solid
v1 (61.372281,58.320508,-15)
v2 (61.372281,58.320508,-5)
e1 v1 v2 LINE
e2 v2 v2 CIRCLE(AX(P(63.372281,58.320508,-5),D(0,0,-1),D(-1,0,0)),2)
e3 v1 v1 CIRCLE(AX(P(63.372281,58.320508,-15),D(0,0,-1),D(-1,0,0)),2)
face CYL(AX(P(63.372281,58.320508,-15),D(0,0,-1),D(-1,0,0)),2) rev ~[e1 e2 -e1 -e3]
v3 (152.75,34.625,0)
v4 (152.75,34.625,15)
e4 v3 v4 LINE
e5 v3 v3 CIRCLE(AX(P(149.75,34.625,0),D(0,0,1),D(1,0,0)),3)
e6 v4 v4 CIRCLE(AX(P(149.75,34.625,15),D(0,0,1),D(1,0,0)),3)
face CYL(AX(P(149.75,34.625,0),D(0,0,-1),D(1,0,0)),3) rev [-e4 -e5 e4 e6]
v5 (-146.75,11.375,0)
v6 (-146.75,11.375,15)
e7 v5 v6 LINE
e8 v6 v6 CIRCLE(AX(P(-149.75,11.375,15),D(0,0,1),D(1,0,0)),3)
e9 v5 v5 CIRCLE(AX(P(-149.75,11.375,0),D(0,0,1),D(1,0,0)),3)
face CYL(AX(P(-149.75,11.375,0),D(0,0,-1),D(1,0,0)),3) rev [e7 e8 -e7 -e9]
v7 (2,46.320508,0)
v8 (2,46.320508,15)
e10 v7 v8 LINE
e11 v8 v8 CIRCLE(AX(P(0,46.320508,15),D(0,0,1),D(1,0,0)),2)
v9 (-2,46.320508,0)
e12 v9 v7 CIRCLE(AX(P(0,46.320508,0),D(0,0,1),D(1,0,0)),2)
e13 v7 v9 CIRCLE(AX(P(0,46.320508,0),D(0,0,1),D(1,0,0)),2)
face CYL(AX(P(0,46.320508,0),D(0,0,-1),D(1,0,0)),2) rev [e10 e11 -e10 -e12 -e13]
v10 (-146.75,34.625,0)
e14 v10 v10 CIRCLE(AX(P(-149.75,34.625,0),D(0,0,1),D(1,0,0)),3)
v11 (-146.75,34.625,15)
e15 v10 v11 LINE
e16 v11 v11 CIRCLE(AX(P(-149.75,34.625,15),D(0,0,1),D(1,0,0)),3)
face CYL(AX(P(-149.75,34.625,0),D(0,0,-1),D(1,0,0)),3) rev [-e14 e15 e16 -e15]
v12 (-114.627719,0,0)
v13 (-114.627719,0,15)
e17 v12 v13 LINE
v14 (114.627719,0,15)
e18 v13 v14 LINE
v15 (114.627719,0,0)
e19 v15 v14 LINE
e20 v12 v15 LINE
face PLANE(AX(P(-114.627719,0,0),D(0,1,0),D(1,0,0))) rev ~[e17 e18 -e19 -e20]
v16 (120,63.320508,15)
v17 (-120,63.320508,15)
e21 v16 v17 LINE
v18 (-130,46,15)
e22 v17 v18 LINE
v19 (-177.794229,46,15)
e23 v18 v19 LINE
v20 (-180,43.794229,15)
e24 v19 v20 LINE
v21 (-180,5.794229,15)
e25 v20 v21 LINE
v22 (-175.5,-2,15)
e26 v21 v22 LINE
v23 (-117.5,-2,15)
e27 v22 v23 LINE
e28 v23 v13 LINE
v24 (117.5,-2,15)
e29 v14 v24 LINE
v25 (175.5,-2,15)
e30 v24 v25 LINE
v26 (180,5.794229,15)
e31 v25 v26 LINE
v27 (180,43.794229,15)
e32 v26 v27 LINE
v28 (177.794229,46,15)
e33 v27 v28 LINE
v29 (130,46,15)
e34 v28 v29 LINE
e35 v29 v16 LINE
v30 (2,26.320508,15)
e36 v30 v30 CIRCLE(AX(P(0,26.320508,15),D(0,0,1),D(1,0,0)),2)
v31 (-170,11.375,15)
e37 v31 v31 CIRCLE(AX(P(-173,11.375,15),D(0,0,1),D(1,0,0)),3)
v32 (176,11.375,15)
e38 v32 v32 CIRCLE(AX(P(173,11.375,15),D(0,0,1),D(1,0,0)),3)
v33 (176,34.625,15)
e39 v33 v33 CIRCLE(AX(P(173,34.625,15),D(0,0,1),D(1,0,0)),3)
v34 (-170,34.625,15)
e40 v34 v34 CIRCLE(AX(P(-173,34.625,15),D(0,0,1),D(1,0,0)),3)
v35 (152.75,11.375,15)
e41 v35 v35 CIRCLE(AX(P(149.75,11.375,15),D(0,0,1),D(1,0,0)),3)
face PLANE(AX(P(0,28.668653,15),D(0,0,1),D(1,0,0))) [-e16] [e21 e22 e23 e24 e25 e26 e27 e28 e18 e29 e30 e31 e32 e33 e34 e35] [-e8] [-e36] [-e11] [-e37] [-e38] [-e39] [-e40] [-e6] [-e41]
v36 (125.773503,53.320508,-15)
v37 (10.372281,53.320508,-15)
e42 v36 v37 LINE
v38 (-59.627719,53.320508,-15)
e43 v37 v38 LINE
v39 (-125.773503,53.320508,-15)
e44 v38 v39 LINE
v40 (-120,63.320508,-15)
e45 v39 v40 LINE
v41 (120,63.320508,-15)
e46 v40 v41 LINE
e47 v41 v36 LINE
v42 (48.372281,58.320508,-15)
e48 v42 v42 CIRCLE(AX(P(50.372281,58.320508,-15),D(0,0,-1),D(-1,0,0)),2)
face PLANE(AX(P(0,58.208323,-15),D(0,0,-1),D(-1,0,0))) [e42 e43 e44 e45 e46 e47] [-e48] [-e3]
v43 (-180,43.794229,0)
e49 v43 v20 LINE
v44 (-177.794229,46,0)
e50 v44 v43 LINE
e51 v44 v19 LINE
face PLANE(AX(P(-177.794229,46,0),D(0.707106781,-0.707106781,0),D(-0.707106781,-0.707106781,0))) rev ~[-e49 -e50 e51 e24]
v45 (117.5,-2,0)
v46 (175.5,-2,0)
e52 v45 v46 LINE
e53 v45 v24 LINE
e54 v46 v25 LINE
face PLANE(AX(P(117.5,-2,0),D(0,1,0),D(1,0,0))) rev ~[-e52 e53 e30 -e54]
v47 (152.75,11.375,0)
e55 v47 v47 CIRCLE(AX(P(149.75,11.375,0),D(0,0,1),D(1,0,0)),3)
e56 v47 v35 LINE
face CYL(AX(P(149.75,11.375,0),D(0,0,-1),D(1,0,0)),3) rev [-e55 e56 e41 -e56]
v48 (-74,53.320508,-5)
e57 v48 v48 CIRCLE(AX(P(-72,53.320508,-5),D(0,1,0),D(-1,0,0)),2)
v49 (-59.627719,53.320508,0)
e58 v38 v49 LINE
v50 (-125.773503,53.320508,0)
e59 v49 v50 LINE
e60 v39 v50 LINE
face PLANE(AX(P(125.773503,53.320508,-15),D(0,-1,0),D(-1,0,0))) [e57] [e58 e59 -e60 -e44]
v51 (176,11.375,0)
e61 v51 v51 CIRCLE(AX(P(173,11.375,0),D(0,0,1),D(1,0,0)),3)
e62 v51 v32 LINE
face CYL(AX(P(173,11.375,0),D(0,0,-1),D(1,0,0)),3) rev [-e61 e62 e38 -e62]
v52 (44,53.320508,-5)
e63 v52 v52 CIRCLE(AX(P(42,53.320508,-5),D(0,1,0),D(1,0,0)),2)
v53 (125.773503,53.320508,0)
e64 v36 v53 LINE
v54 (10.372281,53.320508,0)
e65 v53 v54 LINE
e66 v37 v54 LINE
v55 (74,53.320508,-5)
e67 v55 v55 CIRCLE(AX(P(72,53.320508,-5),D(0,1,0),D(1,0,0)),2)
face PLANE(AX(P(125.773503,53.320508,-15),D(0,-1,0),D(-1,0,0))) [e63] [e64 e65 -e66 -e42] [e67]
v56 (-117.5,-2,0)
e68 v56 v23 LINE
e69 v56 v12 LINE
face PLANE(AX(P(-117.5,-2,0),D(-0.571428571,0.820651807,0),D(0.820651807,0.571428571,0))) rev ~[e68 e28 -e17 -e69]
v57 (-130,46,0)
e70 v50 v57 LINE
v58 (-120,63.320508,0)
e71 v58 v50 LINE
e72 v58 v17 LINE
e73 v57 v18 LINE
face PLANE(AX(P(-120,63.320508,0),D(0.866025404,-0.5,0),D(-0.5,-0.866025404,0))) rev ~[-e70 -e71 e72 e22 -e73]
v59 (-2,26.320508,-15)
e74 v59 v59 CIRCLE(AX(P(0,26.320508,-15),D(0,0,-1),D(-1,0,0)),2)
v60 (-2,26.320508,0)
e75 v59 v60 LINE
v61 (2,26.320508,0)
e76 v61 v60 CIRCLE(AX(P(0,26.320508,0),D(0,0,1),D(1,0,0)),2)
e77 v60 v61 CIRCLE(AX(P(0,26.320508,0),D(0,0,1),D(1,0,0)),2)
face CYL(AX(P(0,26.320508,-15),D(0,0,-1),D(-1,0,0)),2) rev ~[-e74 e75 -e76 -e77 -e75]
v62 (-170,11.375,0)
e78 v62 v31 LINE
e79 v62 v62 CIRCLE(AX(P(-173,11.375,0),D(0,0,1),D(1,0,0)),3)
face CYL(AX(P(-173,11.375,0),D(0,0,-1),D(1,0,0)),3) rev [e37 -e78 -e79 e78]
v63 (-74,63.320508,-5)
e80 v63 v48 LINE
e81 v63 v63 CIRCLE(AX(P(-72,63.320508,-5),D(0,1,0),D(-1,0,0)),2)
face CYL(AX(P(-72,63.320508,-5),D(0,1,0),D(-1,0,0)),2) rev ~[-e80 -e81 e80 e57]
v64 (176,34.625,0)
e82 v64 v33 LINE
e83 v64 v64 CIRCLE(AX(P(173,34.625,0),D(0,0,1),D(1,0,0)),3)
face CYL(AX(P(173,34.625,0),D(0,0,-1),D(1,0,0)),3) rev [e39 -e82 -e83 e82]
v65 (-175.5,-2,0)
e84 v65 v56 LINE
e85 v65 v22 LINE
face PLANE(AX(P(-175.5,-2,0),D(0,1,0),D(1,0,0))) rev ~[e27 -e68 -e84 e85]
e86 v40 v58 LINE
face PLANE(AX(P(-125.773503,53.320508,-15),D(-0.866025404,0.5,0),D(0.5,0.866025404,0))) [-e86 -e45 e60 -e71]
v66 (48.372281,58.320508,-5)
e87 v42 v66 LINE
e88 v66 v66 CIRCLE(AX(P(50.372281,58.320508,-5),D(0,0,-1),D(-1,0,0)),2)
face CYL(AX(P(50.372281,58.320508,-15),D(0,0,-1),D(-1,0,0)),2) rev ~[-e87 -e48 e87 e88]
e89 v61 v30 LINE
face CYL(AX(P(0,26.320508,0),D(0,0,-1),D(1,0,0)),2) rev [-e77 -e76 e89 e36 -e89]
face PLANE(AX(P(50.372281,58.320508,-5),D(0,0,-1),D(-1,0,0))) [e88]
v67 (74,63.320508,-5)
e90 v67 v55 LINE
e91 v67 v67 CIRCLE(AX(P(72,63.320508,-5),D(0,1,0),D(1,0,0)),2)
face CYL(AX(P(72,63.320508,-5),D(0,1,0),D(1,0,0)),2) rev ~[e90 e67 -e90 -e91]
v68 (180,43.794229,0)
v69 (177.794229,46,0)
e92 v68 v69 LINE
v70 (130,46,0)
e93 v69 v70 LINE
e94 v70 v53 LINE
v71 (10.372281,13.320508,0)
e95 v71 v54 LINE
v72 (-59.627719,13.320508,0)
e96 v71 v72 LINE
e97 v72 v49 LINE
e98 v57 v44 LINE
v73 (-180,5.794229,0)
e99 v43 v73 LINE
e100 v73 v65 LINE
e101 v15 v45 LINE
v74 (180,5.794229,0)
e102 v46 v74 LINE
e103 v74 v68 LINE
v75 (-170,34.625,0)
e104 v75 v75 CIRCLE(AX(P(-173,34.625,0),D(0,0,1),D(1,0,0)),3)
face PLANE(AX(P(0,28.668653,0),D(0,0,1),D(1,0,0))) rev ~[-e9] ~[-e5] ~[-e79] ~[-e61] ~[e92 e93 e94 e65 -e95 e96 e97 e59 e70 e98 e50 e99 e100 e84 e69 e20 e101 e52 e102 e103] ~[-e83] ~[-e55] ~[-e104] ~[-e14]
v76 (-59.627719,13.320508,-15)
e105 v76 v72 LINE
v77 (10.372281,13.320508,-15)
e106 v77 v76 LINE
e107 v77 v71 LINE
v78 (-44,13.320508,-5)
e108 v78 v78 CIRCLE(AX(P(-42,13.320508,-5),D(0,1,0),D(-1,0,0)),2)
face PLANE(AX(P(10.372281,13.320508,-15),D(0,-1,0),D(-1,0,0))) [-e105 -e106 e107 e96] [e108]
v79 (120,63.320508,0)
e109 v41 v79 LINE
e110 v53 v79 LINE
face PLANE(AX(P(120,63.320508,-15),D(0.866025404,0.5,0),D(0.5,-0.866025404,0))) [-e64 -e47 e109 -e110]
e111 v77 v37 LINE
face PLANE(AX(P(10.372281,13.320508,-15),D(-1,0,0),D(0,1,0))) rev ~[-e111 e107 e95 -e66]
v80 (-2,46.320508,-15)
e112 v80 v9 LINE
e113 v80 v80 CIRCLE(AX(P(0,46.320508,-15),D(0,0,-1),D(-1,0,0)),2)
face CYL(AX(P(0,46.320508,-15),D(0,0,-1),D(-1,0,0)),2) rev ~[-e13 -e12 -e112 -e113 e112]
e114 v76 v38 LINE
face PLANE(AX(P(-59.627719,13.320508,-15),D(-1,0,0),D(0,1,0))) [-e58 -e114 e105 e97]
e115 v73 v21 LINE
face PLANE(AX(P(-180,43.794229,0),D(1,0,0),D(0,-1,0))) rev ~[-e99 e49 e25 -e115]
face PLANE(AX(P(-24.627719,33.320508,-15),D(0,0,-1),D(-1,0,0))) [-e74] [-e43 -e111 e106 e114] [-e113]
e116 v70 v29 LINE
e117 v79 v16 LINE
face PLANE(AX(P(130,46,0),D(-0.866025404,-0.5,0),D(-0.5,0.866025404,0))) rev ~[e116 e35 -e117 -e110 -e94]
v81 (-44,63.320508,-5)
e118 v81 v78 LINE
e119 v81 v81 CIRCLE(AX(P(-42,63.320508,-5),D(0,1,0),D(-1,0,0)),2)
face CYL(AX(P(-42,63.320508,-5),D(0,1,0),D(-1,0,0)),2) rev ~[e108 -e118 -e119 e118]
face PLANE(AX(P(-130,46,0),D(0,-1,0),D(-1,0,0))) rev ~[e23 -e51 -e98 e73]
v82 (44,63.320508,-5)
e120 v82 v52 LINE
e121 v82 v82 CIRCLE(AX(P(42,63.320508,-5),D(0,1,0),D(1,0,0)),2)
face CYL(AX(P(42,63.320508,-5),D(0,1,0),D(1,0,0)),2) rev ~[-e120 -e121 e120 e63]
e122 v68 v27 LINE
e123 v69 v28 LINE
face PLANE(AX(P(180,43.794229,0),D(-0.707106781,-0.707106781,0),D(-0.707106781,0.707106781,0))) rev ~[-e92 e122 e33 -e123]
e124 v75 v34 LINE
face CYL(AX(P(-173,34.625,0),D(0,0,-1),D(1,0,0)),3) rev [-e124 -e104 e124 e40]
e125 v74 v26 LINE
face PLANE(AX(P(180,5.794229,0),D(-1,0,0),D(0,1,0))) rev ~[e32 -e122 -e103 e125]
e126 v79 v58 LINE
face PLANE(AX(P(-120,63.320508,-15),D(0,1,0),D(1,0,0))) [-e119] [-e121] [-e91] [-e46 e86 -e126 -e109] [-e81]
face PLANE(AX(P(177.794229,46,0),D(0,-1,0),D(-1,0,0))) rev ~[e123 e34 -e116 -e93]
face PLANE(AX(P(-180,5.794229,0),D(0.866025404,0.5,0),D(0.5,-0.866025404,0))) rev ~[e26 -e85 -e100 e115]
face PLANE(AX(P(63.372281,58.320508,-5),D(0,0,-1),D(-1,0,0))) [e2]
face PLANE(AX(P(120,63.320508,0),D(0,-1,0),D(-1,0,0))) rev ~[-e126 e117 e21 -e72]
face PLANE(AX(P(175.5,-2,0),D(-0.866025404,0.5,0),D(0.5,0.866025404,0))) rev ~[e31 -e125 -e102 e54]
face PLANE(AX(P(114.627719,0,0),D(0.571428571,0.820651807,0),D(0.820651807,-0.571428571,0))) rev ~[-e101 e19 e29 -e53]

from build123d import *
from build123d.topology import SkipClean

# Parameters (mm, degrees)
SKETCH1_R               = 3
SKETCH1_R_2             = 2
BOSS_EXTRUDE1_DEPTH     = 15
BOSS_EXTRUDE2_START     = 15
SKETCH3_W               = 70
SKETCH3_H               = 40
SKETCH3_R               = 2
BOSS_EXTRUDE2_DEPTH     = 15
SKETCH4_R               = 2
CUT_EXTRUDE1_DEPTH      = 193.072300906
ESQUISSE1_R             = 2
ENL_V_MAT_EXTRU_1_DEPTH = 10


with BuildPart() as part:
    # Sketch1 → Boss-Extrude1 (new body)
    with BuildSketch(Plane.XY):
        Polygon((-114.627718677, 0), (114.627718677, 0), (117.5, -2), (175.5, -2), (180, 5.794228634), (180, 43.794228634), (177.794228634, 46), (130, 46), (120, 63.320508076), (-120, 63.320508076), (-130, 46), (-177.794228634, 46), (-180, 43.794228634), (-180, 5.794228634), (-175.5, -2), (-117.5, -2), align=None)
        with Locations((-173, 34.625)):
            Circle(SKETCH1_R, mode=Mode.SUBTRACT)
        with Locations((-149.75, 34.625)):
            Circle(SKETCH1_R, mode=Mode.SUBTRACT)
        with Locations((-173, 11.375)):
            Circle(SKETCH1_R, mode=Mode.SUBTRACT)
        with Locations((-149.75, 11.375)):
            Circle(SKETCH1_R, mode=Mode.SUBTRACT)
        with Locations((149.75, 34.625)):
            Circle(SKETCH1_R, mode=Mode.SUBTRACT)
        with Locations((173, 34.625)):
            Circle(SKETCH1_R, mode=Mode.SUBTRACT)
        with Locations((149.75, 11.375)):
            Circle(SKETCH1_R, mode=Mode.SUBTRACT)
        with Locations((173, 11.375)):
            Circle(SKETCH1_R, mode=Mode.SUBTRACT)
        with Locations((0, 46.320508076)):
            Circle(SKETCH1_R_2, mode=Mode.SUBTRACT)
        with Locations((0, 26.320508076)):
            Circle(SKETCH1_R_2, mode=Mode.SUBTRACT)
    extrude(amount=BOSS_EXTRUDE1_DEPTH)

    # Sketch3 → Boss-Extrude2 (add)
    # profile 1 of 2: a face of its own
    with SkipClean():  # the faces are left unmerged after this step: merging them gives an invalid solid
        with BuildSketch(Plane(origin=(0, 0, 0), x_dir=(-1, 0, 0), z_dir=(0, 0, -1)).offset(BOSS_EXTRUDE2_START)):
            with Locations((24.627718677, 33.320508076)):
                Rectangle(SKETCH3_W, SKETCH3_H)
            with Locations((0, 26.320508076)):
                Circle(SKETCH3_R, mode=Mode.SUBTRACT)
            with Locations((0, 46.320508076)):
                Circle(SKETCH3_R, mode=Mode.SUBTRACT)
        # profile 2 of 2: a face of its own
        with BuildSketch(Plane(origin=(0, 0, 0), x_dir=(-1, 0, 0), z_dir=(0, 0, -1)).offset(BOSS_EXTRUDE2_START)):
            Polygon((120, 63.320508076), (-120, 63.320508076), (-125.773502692, 53.320508076), (-10.372281323, 53.320508076), (59.627718677, 53.320508076), (125.773502692, 53.320508076), align=None)
        extrude(amount=-BOSS_EXTRUDE2_DEPTH)

    # Sketch4 → Cut-Extrude1 (cut, through all)
    with SkipClean():  # the faces are left unmerged after this step: merging them gives an invalid solid
        with BuildSketch(Plane(origin=(0, 63.320508076, 0), x_dir=(1, 0, 0), z_dir=(0, 1, 0))):
            with Locations(Location((-72, 5, 0), (0, 0, 180))):
                Circle(SKETCH4_R)
            with Locations(Location((-42, 5, 0), (0, 0, 180))):
                Circle(SKETCH4_R)
            with Locations((42, 5)):
                Circle(SKETCH4_R)
            with Locations((72, 5)):
                Circle(SKETCH4_R)
        extrude(amount=-CUT_EXTRUDE1_DEPTH, mode=Mode.SUBTRACT)

    # Esquisse1 → Enlèv. mat.-Extru.1 (cut)
    with SkipClean():  # the faces are left unmerged after this step: merging them gives an invalid solid
        with BuildSketch(Plane(origin=(0, 0, -15), x_dir=(-1, 0, 0), z_dir=(0, 0, -1))):
            with Locations((-50.372281323, 58.320508076)):
                Circle(ESQUISSE1_R)
            with Locations((-63.372281323, 58.320508076)):
                Circle(ESQUISSE1_R)
        extrude(amount=-ENL_V_MAT_EXTRU_1_DEPTH, mode=Mode.SUBTRACT)


solid = part.part
